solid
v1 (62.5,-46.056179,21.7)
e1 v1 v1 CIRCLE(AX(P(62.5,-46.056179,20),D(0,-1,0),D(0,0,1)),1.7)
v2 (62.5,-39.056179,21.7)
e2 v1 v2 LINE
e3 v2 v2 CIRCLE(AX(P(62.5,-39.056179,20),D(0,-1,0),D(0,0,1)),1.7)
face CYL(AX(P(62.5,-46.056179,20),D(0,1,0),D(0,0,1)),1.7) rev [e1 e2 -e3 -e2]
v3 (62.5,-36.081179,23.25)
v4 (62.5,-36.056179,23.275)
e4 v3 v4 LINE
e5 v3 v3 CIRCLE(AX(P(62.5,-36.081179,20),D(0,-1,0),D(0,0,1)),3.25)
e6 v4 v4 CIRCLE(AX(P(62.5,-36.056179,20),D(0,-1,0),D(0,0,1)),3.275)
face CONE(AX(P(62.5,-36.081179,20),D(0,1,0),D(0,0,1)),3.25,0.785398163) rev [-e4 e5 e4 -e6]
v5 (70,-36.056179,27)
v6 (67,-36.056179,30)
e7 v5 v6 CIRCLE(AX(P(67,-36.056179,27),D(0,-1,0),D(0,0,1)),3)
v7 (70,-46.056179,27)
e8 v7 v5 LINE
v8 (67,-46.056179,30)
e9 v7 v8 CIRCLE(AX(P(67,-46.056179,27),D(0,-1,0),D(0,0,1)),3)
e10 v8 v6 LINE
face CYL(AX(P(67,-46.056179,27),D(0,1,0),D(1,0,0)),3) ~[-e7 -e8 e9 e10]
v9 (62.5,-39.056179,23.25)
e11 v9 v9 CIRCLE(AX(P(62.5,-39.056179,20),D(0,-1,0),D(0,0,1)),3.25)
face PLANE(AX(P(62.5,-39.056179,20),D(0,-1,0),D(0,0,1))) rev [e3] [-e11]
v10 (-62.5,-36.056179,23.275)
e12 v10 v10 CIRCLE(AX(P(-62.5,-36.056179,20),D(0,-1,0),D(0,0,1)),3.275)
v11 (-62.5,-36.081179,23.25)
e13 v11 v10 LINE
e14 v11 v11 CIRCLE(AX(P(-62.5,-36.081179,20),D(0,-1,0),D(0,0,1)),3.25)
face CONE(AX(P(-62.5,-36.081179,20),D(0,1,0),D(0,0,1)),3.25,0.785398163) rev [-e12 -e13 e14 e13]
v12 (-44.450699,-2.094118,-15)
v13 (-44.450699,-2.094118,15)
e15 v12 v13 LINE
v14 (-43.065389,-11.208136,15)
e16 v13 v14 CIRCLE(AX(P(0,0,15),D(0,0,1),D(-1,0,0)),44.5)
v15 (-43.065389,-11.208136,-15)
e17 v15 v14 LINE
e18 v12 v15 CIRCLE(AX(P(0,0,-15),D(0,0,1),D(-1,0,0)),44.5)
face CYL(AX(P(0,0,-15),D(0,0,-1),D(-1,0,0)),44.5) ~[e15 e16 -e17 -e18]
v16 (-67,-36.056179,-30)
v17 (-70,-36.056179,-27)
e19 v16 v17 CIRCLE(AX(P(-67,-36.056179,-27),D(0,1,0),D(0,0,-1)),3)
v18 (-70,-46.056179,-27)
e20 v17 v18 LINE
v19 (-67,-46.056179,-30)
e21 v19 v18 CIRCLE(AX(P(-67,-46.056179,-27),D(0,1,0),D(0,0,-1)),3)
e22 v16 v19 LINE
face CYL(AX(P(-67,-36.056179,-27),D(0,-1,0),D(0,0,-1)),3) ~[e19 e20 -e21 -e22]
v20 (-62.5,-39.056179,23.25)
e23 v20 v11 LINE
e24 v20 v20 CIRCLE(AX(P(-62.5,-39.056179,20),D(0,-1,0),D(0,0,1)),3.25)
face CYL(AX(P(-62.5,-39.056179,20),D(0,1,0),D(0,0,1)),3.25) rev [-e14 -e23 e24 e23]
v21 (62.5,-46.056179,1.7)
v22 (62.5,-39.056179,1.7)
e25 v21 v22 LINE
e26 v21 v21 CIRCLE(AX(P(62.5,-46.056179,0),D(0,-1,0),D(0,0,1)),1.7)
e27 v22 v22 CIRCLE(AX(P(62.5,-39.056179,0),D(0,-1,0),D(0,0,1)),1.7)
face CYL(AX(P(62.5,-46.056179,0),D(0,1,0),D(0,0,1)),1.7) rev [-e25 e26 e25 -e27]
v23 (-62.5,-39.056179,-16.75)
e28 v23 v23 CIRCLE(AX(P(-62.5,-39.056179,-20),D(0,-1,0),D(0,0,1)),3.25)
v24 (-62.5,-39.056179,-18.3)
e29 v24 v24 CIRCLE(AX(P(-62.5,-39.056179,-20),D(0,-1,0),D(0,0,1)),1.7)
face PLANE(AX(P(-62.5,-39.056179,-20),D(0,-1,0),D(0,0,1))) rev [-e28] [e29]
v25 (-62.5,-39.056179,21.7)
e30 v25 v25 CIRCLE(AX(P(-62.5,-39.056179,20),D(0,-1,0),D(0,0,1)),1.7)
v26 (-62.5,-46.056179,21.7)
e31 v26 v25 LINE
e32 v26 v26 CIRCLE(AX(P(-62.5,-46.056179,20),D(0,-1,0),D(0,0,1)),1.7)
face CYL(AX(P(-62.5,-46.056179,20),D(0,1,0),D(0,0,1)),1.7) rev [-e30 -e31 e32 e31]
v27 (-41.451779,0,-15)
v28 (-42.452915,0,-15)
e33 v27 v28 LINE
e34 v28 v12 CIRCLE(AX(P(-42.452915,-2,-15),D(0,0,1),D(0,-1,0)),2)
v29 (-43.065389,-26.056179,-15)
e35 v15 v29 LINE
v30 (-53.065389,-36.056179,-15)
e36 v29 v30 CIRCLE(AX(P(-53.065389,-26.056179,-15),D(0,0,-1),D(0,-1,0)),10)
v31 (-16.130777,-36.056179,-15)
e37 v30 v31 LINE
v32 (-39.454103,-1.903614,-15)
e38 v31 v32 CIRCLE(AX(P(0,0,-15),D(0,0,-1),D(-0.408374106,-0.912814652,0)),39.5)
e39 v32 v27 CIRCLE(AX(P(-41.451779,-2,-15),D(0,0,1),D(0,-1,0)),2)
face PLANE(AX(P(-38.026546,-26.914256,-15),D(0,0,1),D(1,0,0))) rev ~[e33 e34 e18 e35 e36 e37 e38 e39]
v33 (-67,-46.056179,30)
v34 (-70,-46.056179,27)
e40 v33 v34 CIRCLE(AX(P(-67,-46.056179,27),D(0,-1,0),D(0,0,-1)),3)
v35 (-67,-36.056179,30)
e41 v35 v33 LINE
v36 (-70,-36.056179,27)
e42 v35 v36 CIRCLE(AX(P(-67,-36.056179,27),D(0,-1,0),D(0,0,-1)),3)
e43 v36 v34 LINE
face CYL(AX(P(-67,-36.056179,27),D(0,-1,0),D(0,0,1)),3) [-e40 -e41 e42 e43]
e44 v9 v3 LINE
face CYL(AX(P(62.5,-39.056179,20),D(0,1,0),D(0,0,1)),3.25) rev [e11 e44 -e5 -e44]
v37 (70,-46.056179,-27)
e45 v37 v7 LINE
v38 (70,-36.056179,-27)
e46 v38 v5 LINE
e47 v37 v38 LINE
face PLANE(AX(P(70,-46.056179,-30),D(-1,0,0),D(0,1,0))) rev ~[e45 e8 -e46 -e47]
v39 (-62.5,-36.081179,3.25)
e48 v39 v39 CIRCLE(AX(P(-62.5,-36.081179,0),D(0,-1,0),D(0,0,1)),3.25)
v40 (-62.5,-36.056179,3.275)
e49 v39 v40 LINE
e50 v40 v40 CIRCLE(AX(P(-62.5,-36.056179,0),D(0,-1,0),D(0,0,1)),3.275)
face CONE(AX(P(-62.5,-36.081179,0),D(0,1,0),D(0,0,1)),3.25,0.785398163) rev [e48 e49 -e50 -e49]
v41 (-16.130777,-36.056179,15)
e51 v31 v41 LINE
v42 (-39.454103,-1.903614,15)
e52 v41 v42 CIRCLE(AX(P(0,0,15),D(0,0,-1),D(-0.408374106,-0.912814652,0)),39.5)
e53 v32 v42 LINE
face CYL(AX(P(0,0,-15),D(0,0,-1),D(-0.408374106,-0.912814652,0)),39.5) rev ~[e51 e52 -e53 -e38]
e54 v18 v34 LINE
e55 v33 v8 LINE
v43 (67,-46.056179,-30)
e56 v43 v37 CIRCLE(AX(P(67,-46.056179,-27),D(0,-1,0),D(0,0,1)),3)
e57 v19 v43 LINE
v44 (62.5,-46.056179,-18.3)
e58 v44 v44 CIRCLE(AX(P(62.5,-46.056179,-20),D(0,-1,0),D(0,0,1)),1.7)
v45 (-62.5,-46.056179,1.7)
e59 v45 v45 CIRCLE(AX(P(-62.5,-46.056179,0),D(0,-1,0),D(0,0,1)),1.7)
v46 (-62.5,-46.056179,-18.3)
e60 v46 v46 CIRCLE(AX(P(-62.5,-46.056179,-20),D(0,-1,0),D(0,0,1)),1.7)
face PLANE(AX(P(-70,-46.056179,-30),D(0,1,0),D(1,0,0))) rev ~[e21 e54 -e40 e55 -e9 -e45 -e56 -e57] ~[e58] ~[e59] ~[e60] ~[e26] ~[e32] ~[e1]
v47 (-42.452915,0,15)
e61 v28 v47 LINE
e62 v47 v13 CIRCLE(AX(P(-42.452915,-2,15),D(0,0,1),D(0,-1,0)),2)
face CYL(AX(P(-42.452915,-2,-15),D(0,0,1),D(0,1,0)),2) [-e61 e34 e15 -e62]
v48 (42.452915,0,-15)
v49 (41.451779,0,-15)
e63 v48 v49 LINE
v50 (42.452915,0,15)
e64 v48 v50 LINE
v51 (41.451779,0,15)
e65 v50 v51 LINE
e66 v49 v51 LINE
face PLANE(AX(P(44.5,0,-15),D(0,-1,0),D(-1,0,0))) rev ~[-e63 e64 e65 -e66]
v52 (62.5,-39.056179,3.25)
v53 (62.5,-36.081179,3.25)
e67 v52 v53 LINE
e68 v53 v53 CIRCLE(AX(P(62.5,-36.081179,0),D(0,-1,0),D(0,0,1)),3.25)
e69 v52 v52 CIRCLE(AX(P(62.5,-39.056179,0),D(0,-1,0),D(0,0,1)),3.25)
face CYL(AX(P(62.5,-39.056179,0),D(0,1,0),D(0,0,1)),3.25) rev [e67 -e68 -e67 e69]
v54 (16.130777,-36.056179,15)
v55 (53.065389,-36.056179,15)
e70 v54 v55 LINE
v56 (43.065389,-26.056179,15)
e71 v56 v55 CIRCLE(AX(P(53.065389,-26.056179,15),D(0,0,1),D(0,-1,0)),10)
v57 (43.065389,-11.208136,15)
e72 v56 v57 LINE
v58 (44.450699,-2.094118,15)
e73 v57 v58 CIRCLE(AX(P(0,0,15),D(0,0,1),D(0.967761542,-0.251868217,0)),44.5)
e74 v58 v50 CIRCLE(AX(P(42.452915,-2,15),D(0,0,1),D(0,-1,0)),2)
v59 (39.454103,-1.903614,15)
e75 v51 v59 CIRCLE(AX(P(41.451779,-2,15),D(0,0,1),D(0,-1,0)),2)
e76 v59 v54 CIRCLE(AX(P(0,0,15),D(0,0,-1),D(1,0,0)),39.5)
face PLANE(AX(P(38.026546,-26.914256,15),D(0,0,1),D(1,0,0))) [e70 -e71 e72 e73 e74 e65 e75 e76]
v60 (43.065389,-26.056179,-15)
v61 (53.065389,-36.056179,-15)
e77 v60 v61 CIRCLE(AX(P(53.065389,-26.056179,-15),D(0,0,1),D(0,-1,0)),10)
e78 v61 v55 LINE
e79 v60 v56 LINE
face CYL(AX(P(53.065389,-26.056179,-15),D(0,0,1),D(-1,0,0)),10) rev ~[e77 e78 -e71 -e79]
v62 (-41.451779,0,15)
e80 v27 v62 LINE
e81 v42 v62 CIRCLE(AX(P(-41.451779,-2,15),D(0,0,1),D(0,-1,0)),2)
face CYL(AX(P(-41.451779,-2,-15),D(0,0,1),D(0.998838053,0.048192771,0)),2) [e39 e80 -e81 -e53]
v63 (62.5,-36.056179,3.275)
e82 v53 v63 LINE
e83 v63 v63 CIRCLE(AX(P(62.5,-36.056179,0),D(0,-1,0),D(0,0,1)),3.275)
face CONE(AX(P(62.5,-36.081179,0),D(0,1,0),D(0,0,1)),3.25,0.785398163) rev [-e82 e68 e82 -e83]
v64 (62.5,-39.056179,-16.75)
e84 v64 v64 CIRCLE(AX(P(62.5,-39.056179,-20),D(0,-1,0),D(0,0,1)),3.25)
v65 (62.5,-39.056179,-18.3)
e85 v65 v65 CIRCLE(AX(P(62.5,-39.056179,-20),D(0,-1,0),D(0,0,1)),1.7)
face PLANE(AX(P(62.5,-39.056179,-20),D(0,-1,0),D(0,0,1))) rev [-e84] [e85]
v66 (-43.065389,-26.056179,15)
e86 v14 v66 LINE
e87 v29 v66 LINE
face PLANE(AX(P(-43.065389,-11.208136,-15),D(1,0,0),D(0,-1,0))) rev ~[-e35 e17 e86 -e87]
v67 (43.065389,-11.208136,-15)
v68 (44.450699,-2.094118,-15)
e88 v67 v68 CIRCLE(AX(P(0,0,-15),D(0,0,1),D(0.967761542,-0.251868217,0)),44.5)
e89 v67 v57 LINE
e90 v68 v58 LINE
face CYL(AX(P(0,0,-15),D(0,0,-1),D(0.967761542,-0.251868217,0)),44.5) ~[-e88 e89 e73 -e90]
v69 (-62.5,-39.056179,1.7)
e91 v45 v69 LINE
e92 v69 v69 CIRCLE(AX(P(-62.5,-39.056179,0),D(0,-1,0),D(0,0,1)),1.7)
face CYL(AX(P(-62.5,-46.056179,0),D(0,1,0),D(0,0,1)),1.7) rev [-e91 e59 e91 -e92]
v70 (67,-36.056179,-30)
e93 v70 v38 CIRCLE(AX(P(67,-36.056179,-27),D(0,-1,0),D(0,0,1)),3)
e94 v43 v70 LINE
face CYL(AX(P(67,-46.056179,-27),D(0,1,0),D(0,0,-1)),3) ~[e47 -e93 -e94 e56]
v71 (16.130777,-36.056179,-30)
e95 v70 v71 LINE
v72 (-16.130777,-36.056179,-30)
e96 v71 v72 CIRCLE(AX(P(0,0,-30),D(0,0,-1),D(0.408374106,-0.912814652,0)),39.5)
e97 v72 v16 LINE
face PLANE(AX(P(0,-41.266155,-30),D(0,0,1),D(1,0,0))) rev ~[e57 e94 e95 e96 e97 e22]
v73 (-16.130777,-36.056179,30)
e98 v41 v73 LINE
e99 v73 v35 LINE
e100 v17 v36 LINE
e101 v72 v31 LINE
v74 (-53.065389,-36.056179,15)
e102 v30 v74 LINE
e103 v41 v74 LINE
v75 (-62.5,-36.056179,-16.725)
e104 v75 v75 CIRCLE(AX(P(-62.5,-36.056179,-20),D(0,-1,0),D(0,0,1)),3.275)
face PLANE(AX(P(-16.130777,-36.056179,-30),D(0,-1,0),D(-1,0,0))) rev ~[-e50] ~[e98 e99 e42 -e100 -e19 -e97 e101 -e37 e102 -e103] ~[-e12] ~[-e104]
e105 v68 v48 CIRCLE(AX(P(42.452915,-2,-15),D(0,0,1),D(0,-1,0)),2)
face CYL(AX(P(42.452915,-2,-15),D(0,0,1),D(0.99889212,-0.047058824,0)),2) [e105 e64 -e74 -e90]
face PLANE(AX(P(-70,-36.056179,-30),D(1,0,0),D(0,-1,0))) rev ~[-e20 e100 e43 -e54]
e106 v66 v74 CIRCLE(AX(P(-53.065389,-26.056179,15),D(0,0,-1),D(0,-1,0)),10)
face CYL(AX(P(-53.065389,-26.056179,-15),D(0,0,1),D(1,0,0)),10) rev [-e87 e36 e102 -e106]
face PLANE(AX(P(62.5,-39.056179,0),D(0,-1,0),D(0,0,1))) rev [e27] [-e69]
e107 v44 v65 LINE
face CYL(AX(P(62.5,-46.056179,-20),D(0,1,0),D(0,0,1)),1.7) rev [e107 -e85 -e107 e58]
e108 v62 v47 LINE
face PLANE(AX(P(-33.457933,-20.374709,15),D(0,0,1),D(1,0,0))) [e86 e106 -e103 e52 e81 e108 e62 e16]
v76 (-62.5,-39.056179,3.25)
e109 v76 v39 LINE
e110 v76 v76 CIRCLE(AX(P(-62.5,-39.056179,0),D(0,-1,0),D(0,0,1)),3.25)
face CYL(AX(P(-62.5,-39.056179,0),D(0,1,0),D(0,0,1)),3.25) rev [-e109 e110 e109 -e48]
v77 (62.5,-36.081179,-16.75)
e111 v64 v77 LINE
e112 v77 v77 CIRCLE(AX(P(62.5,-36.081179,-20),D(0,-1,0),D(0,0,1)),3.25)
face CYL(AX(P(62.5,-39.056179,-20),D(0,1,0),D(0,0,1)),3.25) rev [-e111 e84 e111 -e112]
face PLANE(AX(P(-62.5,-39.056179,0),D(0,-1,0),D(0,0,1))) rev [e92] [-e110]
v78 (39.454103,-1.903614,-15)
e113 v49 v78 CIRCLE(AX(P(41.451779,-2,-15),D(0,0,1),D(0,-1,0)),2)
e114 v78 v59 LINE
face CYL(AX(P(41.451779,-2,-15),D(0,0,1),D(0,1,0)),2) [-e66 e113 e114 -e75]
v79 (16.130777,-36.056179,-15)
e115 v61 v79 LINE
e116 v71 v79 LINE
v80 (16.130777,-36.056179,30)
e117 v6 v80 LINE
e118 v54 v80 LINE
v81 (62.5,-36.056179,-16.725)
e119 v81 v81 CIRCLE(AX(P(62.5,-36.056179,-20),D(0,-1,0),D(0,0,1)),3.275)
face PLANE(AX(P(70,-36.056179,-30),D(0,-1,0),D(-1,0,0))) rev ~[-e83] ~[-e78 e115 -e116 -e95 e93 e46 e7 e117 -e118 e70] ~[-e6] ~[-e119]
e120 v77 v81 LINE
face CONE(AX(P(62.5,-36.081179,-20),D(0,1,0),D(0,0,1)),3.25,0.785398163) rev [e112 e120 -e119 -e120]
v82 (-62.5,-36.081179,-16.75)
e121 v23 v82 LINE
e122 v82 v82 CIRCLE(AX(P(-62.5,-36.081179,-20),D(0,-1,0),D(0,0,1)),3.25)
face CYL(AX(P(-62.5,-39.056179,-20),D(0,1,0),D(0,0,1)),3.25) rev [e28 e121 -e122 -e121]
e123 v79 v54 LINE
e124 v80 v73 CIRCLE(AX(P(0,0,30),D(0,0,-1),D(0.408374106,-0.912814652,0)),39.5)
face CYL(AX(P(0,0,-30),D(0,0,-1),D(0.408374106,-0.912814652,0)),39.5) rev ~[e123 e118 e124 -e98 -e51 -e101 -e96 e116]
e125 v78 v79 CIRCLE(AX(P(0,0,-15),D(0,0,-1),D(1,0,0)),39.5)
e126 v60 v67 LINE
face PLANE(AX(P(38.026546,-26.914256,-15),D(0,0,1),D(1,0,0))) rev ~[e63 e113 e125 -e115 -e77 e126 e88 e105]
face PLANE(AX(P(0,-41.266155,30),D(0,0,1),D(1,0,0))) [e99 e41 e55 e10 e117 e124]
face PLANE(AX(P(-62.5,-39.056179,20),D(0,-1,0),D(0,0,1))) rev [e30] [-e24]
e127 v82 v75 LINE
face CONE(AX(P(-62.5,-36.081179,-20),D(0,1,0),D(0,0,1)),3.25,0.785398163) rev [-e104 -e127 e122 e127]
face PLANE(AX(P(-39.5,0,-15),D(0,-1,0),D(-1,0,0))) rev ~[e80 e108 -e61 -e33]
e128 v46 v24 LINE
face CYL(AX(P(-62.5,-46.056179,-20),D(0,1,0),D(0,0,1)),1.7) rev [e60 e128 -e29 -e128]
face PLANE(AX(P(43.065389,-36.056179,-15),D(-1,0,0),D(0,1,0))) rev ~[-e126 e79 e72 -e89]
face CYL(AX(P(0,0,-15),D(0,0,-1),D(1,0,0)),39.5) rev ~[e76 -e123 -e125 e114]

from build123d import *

# Parameters (mm, degrees)
BOSS_EXTRUDE3_DEPTH           = 30
BOSS_EXTRUDE3_DEPTH_BACK      = 30
BOSS_EXTRUDE4_DEPTH           = 15
BOSS_EXTRUDE4_DEPTH_BACK      = 15
BOSS_EXTRUDE5_DEPTH           = 15
BOSS_EXTRUDE5_DEPTH_BACK      = 15
FILLET1_R                     = 10
CBORE_FOR_M3_SHCS1_AT_2_COUNT = 2
CBORE_FOR_M3_SHCS1_AT_2_PITCH = 125
LPATTERN1_COUNT               = 2
LPATTERN1_PITCH               = 20
LPATTERN1_COL_COUNT           = 2
LPATTERN1_COL_PITCH           = 20
FILLET2_R                     = 2
FILLET3_R                     = 3


with BuildPart() as part:
    # Sketch1 → Boss-Extrude3 (new, two sides: drawn at the far end of the back side and taken through both)
    with BuildSketch(Plane.XY.offset(-BOSS_EXTRUDE3_DEPTH_BACK)):
        with BuildLine():
            Line((-43.065388601, -36.056178761), (-70, -36.056178761))
            Line((-70, -36.056178761), (-70, -46.056178761))
            Line((-70, -46.056178761), (70, -46.056178761))
            Line((70, -46.056178761), (70, -36.056178761))
            Line((70, -36.056178761), (43.065388601, -36.056178761))
            Line((43.065388601, -36.056178761), (26.080681992, -36.056178761))
            Line((26.080681992, -36.056178761), (16.130777202, -36.056178761))
            ThreePointArc((16.130777202, -36.056178761), (0, -39.5), (-16.130777202, -36.056178761))
            Line((-16.130777202, -36.056178761), (-26.080681992, -36.056178761))
            Line((-26.080681992, -36.056178761), (-43.065388601, -36.056178761))
        make_face()
    extrude(amount=BOSS_EXTRUDE3_DEPTH + BOSS_EXTRUDE3_DEPTH_BACK)

    # Sketch1<6> → Boss-Extrude4 (add, two sides: drawn at the far end of the back side and taken through both)
    with BuildSketch(Plane.XY.offset(-BOSS_EXTRUDE4_DEPTH_BACK)):
        with BuildLine():
            ThreePointArc((-44.5, 0), (-39.628527279, -20.24425414), (-26.080681992, -36.056178761))
            Line((-26.080681992, -36.056178761), (-16.130777202, -36.056178761))
            ThreePointArc((-16.130777202, -36.056178761), (-33.146762281, -21.483532071), (-39.5, 0))
            Line((-39.5, 0), (-44.5, 0))
        make_face()
        with BuildLine():
            ThreePointArc((39.5, 0), (33.146762281, -21.483532071), (16.130777202, -36.056178761))
            Line((16.130777202, -36.056178761), (26.080681992, -36.056178761))
            ThreePointArc((26.080681992, -36.056178761), (39.628527279, -20.24425414), (44.5, 0))
            Line((44.5, 0), (39.5, 0))
        make_face()
    extrude(amount=BOSS_EXTRUDE4_DEPTH + BOSS_EXTRUDE4_DEPTH_BACK)

    # Sketch1<7> → Boss-Extrude5 (add, two sides: drawn at the far end of the back side and taken through both)
    with BuildSketch(Plane.XY.offset(-BOSS_EXTRUDE5_DEPTH_BACK)):
        with BuildLine():
            Line((-43.065388601, -11.208135645), (-43.065388601, -36.056178761))
            Line((-43.065388601, -36.056178761), (-26.080681992, -36.056178761))
            ThreePointArc((-26.080681992, -36.056178761), (-36.737597653, -25.111728708), (-43.065388601, -11.208135645))
        make_face()
        with BuildLine():
            Line((26.080681992, -36.056178761), (43.065388601, -36.056178761))
            Line((43.065388601, -36.056178761), (43.065388601, -11.208135645))
            ThreePointArc((43.065388601, -11.208135645), (36.737597653, -25.111728708), (26.080681992, -36.056178761))
        make_face()
    extrude(amount=BOSS_EXTRUDE5_DEPTH + BOSS_EXTRUDE5_DEPTH_BACK)

    # Fillet1
    fillet1_edges = [part.edges().sort_by_distance(p)[0] for p in [
        (43.065388601, -36.056178761, 0),
        (-43.065388601, -36.056178761, 0),
    ]]
    fillet(fillet1_edges, radius=FILLET1_R)

    # Sketch4 → CBORE for M3 SHCS1 (revolve, cut)
    with BuildSketch(Plane(origin=(-62.5, -36.056178761, 0), x_dir=(0, 0, 1), z_dir=(1, 0, 0))):
        Polygon((0, 0), (0, 10), (1.7, 10), (1.7, 3), (3.25, 3), (3.25, 0.025), (3.275, 0), align=None)
    cbore_for_m3_shcs1 = revolve(axis=Axis((-62.5, -29.706178761, 0), (0, -1, 0)), mode=Mode.SUBTRACT)

    # CBORE for M3 SHCS1 at 2: CBORE for M3 SHCS1 ×2
    with Locations(*[(i * CBORE_FOR_M3_SHCS1_AT_2_PITCH, 0, 0) for i in range(1, CBORE_FOR_M3_SHCS1_AT_2_COUNT)]):
        add(cbore_for_m3_shcs1, mode=Mode.SUBTRACT)

    # LPattern1: CBORE for M3 SHCS1 ×2
    with Locations(*[(0, 0, -i * LPATTERN1_PITCH) for i in range(1, LPATTERN1_COUNT)]):
        add(cbore_for_m3_shcs1, mode=Mode.SUBTRACT)

    # LPattern1 copy 1 sketch → LPattern1 copy 1 (revolve, cut)
    with BuildSketch(Plane(origin=(62.5, -36.056178761, -20), x_dir=(0, 0, 1), z_dir=(1, 0, 0))):
        Polygon((0, 0), (0, 10), (1.7, 10), (1.7, 3), (3.25, 3), (3.25, 0.025), (3.275, 0), align=None)
    revolve(axis=Axis((62.5, -29.706178761, -20), (0, -1, 0)), mode=Mode.SUBTRACT)

    # LPattern1 col: CBORE for M3 SHCS1 ×2
    with Locations(*[(0, 0, i * LPATTERN1_COL_PITCH) for i in range(1, LPATTERN1_COL_COUNT)]):
        add(cbore_for_m3_shcs1, mode=Mode.SUBTRACT)

    # LPattern1 col copy 1 sketch → LPattern1 col copy 1 (revolve, cut)
    with BuildSketch(Plane(origin=(62.5, -36.056178761, 20), x_dir=(0, 0, 1), z_dir=(1, 0, 0))):
        Polygon((0, 0), (0, 10), (1.7, 10), (1.7, 3), (3.25, 3), (3.25, 0.025), (3.275, 0), align=None)
    revolve(axis=Axis((62.5, -29.706178761, 20), (0, -1, 0)), mode=Mode.SUBTRACT)

    # Fillet2
    fillet2_edges = [part.edges().sort_by_distance(p)[0] for p in [
        (-44.5, 0, 0),
        (-39.5, 0, 0),
        (44.5, 0, 0),
        (39.5, 0, 0),
    ]]
    fillet(fillet2_edges, radius=FILLET2_R)

    # Fillet3
    fillet3_edges = [part.edges().sort_by_distance(p)[0] for p in [
        (-70, -41.056178761, 30),
        (-70, -41.056178761, -30),
        (70, -41.056178761, -30),
        (70, -41.056178761, 30),
    ]]
    fillet(fillet3_edges, radius=FILLET3_R)


solid = part.part
